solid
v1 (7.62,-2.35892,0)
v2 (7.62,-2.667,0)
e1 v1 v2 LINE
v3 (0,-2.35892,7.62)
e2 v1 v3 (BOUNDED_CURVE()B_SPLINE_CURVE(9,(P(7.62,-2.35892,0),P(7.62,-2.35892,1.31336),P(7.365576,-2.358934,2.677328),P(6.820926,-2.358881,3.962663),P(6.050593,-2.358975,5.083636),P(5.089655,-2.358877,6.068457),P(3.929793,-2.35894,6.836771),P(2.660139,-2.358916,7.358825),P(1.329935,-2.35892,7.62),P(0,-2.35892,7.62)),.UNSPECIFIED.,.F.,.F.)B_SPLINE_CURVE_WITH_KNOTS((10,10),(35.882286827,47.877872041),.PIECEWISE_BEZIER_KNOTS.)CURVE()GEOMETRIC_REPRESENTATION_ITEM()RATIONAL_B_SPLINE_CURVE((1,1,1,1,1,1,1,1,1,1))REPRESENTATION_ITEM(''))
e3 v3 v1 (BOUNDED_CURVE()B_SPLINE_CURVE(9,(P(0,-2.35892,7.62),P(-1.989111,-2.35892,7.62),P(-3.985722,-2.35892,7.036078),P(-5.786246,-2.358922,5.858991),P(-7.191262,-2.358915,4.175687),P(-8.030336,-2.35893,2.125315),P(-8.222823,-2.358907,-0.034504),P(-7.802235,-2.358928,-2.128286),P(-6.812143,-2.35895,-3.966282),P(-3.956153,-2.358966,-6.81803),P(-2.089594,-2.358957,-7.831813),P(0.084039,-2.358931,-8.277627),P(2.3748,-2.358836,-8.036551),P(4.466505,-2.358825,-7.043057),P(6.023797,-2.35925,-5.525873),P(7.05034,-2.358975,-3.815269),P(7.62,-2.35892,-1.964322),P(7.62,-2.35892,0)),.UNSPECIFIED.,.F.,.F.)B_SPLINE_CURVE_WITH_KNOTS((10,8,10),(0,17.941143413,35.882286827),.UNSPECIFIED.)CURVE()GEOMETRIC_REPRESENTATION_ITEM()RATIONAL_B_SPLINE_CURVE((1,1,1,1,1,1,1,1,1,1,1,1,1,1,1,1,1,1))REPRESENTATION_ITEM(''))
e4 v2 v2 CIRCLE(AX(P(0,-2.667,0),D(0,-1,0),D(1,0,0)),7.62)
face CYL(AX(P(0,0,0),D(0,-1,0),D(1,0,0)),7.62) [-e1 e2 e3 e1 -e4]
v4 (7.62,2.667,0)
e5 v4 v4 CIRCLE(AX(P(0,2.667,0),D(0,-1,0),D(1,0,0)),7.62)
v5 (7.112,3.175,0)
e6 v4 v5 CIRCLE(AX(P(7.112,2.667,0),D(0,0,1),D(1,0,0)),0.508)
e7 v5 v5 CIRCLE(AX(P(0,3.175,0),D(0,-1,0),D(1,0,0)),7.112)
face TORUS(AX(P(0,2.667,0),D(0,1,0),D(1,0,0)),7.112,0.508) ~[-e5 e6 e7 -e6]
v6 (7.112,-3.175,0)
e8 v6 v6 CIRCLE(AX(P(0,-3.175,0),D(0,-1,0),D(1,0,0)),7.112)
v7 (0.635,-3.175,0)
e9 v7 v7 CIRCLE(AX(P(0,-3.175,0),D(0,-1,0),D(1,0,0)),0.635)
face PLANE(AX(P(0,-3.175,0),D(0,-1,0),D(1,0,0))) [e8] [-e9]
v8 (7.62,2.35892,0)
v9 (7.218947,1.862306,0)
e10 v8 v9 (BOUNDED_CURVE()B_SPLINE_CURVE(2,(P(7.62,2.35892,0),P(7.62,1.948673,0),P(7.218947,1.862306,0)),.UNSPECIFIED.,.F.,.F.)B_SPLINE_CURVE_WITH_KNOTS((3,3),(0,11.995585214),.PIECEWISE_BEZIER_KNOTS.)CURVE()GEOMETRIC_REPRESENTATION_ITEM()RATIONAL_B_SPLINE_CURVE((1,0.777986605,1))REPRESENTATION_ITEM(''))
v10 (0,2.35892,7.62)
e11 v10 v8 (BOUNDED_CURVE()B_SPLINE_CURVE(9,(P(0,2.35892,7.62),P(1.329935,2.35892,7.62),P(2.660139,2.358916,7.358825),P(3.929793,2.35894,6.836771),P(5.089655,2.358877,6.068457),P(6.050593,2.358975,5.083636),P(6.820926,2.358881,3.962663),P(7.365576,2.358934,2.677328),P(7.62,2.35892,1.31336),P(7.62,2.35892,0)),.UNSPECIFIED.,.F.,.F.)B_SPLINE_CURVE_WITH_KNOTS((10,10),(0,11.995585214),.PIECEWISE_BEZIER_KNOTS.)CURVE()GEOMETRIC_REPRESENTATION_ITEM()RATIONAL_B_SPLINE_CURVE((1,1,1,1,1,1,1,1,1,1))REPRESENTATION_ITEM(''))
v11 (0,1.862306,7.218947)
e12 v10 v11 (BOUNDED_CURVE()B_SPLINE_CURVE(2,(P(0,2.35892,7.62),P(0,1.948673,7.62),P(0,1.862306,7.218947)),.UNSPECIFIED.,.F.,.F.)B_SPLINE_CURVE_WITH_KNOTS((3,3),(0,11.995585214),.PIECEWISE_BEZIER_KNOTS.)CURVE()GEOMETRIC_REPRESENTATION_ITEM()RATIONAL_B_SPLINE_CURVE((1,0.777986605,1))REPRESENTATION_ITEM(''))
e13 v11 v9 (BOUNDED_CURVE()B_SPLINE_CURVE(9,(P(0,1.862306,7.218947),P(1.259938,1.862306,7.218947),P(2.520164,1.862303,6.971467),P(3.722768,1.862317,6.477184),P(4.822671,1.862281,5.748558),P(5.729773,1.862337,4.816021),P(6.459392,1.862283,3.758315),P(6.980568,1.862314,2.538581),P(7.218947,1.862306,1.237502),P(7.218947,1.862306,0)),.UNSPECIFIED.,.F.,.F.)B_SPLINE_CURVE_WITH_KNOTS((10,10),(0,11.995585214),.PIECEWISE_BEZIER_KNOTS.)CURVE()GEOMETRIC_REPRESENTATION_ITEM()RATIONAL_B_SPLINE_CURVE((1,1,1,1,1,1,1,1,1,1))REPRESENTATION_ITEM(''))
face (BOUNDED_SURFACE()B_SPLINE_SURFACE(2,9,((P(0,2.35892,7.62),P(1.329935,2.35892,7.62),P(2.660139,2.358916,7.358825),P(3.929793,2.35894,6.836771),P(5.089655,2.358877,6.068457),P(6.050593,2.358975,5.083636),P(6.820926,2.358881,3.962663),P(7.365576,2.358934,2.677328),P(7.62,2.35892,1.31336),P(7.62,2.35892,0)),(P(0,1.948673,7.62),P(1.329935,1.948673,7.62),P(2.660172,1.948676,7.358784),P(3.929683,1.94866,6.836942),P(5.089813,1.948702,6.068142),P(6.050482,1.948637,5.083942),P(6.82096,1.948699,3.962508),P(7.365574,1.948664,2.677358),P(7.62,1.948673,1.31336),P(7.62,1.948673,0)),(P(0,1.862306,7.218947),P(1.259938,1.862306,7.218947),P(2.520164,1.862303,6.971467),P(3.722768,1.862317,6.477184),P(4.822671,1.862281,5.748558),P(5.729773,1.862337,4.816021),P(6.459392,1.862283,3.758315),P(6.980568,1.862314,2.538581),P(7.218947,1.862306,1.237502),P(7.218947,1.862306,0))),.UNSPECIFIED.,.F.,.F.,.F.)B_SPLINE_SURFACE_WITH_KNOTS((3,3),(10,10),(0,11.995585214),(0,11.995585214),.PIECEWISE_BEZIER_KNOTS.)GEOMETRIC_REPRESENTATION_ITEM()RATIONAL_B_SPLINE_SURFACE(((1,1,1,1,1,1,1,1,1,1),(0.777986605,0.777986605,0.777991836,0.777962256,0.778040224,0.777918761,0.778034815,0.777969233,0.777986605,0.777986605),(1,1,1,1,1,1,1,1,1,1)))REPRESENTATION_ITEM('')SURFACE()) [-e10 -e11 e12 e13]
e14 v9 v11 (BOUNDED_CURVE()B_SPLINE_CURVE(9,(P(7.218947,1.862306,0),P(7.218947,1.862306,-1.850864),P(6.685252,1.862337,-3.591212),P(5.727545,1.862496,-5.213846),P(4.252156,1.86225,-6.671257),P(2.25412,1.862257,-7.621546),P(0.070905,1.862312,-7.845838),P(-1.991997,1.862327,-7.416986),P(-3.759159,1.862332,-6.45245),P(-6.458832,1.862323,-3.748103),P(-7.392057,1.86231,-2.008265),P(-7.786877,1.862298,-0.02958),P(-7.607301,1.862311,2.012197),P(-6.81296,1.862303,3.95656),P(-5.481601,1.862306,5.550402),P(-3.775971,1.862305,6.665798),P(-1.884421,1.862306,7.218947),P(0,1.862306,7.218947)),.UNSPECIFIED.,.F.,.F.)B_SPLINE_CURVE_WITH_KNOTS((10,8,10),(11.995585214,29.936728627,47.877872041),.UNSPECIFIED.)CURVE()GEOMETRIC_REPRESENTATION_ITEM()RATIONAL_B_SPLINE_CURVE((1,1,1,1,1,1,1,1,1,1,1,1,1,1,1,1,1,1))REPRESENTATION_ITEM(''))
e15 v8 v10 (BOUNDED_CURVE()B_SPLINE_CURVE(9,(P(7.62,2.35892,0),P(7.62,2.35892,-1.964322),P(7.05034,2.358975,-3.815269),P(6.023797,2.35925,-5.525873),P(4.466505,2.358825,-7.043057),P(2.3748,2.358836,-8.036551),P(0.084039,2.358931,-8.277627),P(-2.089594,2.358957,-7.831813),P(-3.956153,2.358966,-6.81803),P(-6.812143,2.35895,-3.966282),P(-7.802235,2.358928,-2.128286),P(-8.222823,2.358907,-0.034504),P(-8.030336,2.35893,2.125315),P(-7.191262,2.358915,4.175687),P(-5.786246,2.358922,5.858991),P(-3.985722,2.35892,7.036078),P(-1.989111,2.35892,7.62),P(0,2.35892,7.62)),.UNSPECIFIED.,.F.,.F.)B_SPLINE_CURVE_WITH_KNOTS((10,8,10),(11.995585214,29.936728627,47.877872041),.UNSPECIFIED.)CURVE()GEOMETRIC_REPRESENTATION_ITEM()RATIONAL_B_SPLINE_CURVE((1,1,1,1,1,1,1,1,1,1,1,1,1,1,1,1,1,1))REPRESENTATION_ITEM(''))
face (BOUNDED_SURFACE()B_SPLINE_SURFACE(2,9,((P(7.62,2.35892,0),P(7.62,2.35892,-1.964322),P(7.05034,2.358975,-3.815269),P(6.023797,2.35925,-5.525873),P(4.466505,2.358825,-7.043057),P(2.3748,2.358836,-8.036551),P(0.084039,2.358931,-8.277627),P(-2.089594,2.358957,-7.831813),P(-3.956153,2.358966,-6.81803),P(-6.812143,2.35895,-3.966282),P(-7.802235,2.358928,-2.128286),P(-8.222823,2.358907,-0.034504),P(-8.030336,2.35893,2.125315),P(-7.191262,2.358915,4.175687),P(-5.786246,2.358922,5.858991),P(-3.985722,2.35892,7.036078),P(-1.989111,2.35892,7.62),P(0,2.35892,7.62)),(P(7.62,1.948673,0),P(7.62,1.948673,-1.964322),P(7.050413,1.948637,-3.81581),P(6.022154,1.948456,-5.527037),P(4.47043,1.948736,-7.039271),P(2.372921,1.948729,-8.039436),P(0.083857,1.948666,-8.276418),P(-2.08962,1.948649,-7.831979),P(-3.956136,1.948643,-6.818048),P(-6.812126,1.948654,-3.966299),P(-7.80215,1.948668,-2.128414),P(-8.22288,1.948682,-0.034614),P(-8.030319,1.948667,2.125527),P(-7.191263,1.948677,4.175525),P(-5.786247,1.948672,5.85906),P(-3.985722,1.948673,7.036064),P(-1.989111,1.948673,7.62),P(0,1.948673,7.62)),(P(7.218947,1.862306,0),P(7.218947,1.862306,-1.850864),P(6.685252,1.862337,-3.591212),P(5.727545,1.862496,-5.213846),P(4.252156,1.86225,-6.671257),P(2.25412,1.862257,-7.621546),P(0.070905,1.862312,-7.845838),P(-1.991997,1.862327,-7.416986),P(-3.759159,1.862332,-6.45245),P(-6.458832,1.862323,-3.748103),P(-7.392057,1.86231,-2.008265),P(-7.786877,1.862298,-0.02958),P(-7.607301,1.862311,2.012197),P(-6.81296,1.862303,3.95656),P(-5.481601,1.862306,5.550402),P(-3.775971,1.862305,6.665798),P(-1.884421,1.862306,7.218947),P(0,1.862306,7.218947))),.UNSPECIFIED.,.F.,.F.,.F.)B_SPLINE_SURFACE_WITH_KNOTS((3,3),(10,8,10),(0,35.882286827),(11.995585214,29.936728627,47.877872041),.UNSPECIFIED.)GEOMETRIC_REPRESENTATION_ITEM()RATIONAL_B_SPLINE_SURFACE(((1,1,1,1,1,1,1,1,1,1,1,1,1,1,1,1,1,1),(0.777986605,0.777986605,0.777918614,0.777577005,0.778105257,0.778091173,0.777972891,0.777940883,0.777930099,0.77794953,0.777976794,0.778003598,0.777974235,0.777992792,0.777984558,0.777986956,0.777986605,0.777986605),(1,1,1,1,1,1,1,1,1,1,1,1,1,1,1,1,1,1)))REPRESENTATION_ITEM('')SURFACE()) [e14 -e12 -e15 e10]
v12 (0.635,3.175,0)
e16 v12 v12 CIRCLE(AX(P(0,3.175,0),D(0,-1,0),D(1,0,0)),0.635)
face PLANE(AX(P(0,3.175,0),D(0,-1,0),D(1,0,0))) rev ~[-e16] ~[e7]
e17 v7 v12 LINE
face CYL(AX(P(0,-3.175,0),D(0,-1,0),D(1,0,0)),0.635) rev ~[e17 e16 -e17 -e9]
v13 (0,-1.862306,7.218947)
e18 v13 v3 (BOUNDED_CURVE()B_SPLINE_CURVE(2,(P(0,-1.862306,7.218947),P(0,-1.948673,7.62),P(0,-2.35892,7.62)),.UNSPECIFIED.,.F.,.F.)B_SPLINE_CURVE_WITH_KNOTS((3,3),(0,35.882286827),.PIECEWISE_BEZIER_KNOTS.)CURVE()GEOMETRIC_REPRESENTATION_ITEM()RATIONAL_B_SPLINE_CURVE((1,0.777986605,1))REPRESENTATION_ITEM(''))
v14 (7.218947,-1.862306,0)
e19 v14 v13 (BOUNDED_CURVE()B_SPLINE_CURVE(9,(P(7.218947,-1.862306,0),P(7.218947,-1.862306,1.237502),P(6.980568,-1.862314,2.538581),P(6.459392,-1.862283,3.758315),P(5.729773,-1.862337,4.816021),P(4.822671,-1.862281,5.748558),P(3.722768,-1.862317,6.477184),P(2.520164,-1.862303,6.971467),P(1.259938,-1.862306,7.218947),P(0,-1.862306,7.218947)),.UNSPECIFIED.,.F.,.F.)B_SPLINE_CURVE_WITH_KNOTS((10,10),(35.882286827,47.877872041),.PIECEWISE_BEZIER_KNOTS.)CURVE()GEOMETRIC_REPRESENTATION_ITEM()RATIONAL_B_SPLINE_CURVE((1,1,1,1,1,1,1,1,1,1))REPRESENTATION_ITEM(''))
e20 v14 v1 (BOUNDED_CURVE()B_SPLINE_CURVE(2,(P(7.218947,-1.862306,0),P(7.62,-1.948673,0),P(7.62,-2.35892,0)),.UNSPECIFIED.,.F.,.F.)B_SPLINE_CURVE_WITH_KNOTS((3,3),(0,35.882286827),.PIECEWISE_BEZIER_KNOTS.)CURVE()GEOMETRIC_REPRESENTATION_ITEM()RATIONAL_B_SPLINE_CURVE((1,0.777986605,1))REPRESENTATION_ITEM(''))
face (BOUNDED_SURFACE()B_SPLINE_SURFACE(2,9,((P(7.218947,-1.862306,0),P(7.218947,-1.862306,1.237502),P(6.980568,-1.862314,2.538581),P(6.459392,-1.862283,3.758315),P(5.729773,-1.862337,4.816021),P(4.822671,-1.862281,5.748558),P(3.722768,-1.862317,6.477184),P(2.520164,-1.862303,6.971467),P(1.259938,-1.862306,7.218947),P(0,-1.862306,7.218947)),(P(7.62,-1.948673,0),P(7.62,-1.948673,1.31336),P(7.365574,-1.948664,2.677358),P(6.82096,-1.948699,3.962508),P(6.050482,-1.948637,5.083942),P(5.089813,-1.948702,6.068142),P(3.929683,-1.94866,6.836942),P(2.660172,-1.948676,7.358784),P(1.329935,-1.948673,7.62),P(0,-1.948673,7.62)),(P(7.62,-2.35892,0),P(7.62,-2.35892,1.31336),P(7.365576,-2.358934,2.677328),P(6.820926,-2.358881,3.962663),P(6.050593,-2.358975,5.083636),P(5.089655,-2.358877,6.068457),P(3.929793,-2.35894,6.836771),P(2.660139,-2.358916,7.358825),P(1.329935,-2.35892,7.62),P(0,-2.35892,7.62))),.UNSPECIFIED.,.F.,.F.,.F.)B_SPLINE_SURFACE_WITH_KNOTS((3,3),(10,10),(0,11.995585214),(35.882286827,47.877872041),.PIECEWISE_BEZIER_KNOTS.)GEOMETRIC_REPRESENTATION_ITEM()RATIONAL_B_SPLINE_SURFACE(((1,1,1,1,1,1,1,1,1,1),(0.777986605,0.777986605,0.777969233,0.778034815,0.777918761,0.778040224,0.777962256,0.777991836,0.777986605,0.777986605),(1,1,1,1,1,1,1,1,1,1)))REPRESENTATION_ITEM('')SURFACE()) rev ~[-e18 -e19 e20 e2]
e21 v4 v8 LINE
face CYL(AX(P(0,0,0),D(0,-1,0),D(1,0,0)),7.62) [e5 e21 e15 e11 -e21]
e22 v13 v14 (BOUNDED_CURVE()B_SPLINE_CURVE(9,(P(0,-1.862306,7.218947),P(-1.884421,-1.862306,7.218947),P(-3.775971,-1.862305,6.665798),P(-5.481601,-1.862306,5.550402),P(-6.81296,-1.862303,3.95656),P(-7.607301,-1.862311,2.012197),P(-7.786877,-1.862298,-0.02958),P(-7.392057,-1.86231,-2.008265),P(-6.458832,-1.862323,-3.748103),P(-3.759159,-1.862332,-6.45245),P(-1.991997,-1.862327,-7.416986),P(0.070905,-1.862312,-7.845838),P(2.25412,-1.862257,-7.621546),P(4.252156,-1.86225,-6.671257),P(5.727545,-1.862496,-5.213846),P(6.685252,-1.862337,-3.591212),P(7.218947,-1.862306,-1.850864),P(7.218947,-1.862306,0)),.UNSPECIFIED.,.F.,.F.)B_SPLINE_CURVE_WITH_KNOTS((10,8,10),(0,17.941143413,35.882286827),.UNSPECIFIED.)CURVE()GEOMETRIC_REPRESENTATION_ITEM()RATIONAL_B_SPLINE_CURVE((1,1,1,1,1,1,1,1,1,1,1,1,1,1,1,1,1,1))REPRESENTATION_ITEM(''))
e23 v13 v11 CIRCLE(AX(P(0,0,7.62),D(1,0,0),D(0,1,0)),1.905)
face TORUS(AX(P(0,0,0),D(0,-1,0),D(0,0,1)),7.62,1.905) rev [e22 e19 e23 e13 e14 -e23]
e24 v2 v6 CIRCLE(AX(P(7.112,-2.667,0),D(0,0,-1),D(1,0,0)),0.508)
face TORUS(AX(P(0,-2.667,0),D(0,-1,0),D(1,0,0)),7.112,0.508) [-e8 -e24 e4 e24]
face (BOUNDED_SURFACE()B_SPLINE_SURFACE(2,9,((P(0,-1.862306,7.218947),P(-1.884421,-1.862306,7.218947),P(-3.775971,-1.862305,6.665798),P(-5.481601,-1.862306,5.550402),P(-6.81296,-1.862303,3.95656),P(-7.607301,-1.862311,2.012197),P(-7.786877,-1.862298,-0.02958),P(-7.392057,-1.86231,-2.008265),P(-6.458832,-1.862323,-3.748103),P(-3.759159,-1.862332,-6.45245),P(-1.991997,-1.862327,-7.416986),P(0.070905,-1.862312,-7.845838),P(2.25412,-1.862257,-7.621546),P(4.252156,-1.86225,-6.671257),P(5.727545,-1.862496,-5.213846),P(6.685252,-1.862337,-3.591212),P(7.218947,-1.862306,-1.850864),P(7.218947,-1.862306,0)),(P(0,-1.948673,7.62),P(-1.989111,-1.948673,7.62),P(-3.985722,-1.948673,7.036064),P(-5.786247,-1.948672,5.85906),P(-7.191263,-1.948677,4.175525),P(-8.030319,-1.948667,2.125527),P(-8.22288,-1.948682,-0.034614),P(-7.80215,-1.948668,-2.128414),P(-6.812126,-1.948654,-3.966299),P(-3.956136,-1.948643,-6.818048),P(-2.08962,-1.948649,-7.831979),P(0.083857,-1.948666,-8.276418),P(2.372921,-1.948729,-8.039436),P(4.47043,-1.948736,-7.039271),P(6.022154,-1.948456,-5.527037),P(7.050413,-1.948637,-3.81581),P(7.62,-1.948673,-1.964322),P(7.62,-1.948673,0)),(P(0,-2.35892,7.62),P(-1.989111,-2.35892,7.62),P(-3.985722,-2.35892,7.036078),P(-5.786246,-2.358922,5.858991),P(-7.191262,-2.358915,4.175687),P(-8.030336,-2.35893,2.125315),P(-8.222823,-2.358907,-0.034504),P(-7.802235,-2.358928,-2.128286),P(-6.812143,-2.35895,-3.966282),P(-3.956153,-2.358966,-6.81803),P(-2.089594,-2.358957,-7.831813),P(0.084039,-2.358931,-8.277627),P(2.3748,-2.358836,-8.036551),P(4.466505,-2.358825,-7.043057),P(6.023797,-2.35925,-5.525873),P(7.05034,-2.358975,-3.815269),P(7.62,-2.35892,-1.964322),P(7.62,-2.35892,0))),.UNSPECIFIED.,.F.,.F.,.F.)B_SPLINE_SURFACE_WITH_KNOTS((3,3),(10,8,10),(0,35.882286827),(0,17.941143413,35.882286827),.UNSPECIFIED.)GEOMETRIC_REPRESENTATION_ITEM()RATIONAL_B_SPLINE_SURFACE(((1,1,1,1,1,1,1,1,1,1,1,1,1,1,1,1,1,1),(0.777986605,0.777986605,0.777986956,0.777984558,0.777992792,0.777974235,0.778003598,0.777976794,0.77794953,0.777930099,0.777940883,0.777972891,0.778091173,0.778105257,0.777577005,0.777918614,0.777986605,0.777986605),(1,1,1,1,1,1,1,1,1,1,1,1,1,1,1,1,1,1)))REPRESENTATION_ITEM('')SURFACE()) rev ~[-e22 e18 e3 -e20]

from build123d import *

# Parameters (mm, degrees)
F0_R     = 7.62
F1_DEPTH = 3.175
F2_R     = 1.905
F4_R     = 0.508
F5_R     = 0.635
F6_DEPTH = 6.35


with BuildPart() as f1:
    # F0 (on Front) → F1 (new body, symmetric)
    with BuildSketch(Plane.XZ):
        Circle(F0_R)
    extrude(amount=F1_DEPTH, both=True)

    # F2 (on Right) → F3 (revolve, cut)
    with BuildSketch(Plane.YZ):
        with Locations((0, 7.62)):
            Circle(F2_R)
    revolve(axis=Axis((0, 2.3833420128, 0), (0, 1, 0)), mode=Mode.SUBTRACT)

    # F4#2 (call 1 of 4: OpenCascade refuses the feature's edges together)
    f4_2_edges = [f1.edges().sort_by_distance(p)[0] for p in [
        (-5.388154, -1.905, -5.388154),
        (5.388154, -1.905, 5.388154),
    ]]
    fillet(f4_2_edges, radius=F4_R)

    # F4#3 (call 2 of 4)
    f4_3_edges = [f1.edges().sort_by_distance(p)[0] for p in [
        (-7.62, -3.175, 0),
    ]]
    fillet(f4_3_edges, radius=F4_R)

    # F4#4 (call 3 of 4)
    f4_4_edges = [f1.edges().sort_by_distance(p)[0] for p in [
        (-7.62, 3.175, 0),
    ]]
    fillet(f4_4_edges, radius=F4_R)

    # F4 (call 4 of 4)
    f4_edges = [f1.edges().sort_by_distance(p)[0] for p in [
        (5.388154, 1.905, 5.388154),
        (-5.388154, 1.905, -5.388154),
    ]]
    fillet(f4_edges, radius=F4_R)

    # F5 (on face) → F6 (cut, through all)
    with BuildSketch(Plane.XZ.offset(3.175)):
        Circle(F5_R)
    extrude(amount=-F6_DEPTH, mode=Mode.SUBTRACT)


solid = f1.part
